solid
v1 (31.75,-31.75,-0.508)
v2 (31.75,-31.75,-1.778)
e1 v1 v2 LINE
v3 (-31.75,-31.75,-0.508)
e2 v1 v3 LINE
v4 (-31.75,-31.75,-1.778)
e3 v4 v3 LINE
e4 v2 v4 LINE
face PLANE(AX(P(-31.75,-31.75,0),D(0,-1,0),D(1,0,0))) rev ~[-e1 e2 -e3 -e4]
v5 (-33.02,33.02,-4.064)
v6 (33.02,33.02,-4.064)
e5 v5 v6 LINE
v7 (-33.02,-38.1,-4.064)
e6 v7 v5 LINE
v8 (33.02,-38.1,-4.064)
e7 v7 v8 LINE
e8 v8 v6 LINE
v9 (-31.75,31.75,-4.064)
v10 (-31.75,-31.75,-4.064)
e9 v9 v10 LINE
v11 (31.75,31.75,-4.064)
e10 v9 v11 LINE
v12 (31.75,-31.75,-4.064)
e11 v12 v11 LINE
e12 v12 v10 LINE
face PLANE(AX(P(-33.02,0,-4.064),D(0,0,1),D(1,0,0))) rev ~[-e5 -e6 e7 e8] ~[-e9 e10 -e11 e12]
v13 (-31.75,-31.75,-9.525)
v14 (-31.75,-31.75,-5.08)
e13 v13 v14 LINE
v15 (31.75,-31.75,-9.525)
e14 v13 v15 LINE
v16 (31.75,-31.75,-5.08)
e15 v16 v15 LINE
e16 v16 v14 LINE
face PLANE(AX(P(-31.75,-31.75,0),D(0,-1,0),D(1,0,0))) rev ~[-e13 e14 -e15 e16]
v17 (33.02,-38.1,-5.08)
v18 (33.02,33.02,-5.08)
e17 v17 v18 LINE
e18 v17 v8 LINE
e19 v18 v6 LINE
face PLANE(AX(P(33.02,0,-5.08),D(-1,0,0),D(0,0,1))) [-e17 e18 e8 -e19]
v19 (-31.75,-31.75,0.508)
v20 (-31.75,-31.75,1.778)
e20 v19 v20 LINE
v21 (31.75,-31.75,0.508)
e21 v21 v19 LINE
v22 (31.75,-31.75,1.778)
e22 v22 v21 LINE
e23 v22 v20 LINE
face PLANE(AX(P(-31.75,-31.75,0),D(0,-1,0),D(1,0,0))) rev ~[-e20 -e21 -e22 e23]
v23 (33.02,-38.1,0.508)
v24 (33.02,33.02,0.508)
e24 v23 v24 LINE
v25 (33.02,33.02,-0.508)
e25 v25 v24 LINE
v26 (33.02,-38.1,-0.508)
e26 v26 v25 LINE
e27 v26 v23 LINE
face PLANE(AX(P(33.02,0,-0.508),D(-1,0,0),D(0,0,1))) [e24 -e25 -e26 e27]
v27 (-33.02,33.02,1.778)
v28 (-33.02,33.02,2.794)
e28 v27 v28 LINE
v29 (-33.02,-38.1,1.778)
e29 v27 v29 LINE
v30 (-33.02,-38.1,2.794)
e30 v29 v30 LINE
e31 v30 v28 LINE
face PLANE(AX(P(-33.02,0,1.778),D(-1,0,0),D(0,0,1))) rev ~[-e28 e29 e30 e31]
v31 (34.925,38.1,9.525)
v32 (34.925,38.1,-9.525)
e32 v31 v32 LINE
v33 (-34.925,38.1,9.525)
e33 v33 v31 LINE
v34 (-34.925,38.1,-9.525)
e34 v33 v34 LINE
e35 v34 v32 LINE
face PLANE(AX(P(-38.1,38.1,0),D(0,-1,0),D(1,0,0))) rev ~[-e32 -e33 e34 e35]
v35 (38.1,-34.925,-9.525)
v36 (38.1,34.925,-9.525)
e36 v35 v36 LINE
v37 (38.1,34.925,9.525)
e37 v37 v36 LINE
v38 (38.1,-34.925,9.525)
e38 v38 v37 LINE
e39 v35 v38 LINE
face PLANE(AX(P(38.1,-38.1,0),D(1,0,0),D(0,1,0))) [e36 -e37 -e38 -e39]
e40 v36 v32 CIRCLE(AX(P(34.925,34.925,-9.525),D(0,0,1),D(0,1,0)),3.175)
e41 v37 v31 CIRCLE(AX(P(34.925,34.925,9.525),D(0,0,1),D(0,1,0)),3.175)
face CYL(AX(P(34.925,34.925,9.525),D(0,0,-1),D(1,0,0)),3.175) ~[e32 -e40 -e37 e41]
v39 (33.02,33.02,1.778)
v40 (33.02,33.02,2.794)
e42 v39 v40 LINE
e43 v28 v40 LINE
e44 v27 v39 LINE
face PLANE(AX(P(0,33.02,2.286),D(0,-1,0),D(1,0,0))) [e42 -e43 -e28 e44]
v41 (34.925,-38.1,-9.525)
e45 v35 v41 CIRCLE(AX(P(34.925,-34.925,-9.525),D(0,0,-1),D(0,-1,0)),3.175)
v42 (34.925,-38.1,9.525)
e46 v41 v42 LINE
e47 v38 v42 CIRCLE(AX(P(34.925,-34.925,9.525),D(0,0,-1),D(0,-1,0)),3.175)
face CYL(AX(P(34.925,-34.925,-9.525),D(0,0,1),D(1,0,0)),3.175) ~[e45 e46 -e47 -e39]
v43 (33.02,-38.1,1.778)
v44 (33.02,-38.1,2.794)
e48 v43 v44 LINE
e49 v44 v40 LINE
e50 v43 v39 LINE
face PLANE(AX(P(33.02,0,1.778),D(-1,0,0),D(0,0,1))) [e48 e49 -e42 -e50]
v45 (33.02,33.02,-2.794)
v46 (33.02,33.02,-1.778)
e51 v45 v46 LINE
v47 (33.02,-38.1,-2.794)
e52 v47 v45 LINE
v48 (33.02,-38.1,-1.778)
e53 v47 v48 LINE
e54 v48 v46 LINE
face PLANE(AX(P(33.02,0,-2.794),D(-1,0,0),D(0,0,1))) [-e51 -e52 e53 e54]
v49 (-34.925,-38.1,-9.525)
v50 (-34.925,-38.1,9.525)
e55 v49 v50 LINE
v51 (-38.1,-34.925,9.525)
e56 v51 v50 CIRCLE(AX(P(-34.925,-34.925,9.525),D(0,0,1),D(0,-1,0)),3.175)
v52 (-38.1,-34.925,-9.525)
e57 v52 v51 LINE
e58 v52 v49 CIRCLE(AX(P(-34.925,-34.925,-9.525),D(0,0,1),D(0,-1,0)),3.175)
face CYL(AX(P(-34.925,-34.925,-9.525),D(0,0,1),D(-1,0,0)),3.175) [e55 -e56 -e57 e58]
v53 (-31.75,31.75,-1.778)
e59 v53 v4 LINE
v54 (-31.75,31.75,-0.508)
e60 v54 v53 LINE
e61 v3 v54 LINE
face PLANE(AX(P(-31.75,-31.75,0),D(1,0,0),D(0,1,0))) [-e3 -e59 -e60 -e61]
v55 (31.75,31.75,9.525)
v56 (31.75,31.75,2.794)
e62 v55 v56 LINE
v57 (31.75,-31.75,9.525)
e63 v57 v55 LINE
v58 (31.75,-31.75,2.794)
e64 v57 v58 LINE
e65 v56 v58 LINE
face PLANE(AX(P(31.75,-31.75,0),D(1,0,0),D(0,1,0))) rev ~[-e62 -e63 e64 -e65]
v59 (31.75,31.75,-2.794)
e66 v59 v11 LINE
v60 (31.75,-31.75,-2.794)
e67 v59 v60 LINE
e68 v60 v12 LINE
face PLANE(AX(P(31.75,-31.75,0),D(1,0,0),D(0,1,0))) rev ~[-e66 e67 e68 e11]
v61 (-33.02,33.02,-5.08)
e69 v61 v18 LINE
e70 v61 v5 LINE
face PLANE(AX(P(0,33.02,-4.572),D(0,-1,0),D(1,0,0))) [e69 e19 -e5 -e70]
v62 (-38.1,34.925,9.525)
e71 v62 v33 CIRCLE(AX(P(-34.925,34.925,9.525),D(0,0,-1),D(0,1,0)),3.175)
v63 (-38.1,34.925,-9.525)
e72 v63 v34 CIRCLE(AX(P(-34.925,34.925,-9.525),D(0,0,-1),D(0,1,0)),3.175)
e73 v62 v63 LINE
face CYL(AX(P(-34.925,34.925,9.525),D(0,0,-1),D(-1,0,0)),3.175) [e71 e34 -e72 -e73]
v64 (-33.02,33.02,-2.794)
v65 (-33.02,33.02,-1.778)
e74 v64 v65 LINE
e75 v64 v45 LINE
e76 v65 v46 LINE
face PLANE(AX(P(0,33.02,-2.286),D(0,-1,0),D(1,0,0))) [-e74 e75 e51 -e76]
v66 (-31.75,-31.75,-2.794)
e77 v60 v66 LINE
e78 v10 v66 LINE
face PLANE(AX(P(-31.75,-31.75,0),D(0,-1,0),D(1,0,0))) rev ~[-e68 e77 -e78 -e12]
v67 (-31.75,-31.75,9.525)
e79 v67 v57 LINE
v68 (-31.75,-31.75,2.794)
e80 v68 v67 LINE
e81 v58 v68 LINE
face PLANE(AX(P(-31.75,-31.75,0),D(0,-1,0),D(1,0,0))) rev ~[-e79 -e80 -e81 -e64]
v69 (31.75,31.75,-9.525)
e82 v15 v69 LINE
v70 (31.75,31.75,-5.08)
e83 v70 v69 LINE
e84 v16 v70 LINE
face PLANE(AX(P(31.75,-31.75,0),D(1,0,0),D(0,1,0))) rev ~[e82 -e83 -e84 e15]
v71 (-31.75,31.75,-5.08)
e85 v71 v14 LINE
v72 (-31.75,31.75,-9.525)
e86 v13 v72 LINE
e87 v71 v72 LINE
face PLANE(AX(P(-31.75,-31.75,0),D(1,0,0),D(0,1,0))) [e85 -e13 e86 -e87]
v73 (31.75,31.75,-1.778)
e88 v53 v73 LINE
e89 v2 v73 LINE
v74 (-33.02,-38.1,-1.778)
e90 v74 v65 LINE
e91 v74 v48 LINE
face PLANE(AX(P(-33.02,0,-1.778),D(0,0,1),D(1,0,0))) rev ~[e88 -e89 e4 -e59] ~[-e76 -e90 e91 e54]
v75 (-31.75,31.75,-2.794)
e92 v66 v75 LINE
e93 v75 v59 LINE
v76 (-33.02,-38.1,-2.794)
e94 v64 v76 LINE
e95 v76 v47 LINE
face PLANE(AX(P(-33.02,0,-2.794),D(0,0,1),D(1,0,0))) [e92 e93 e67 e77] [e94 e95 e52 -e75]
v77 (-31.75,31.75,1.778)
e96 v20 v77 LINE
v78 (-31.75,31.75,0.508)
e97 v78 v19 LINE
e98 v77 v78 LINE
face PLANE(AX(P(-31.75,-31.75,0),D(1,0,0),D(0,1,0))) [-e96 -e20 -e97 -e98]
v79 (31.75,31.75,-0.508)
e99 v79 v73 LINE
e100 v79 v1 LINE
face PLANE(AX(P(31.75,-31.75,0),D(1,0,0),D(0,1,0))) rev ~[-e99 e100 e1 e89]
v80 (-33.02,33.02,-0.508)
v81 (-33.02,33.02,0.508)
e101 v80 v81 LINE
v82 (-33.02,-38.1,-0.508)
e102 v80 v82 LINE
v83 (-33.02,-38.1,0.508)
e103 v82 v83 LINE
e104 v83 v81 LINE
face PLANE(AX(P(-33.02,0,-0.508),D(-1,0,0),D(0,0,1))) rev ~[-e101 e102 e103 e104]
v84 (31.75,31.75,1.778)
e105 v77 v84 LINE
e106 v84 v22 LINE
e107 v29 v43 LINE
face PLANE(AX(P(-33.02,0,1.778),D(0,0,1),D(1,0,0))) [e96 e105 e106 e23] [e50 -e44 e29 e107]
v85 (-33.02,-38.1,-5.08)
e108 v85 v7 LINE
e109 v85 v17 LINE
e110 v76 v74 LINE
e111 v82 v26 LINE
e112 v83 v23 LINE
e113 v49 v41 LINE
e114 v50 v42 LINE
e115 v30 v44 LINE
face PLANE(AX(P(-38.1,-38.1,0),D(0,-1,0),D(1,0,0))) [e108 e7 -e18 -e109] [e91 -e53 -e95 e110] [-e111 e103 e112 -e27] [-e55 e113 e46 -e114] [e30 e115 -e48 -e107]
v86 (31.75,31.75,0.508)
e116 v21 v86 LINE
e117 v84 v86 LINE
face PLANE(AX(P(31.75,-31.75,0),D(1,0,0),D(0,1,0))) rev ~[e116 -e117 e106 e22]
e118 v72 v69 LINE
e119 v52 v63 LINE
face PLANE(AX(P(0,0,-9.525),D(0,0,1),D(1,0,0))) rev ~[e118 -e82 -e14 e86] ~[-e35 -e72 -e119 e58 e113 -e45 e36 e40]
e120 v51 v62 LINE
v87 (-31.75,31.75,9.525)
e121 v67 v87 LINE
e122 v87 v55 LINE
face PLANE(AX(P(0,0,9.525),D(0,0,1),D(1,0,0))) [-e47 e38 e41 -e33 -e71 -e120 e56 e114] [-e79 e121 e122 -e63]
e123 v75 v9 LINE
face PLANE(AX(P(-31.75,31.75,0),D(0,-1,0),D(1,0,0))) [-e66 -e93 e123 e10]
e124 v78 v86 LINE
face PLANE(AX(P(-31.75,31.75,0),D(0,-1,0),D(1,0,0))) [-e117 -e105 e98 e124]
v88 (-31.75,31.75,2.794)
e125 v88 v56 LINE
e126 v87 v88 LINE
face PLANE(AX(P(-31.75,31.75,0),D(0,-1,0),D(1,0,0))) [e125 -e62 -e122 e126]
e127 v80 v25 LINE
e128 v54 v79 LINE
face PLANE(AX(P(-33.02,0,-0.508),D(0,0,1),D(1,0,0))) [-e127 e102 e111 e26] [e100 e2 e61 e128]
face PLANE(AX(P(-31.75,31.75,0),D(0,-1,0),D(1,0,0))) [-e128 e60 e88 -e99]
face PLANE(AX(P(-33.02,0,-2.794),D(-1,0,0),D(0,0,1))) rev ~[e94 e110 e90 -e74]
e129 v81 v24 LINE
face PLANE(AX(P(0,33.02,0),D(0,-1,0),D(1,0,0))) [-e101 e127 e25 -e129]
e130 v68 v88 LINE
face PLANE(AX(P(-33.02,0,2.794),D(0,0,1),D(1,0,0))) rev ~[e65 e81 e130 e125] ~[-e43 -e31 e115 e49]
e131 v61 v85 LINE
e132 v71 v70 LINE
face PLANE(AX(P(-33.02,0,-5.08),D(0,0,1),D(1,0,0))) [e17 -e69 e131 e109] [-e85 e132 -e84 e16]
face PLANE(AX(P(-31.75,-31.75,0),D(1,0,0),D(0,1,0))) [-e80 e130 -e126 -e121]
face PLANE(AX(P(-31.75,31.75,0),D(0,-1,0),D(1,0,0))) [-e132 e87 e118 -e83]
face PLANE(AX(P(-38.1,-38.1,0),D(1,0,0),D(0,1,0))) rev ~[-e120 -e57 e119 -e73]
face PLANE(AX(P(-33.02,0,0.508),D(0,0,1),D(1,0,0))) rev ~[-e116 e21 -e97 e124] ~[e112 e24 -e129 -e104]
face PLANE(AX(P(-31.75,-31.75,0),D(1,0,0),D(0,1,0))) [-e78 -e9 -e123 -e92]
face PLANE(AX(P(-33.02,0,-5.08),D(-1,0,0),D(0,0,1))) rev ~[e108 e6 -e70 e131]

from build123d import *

# Parameters (mm, degrees)
F0_W     = 76.2
F0_H     = 76.2
F0_W_2   = 63.5
F0_H_2   = 63.5
F1_DEPTH = 9.525
F2_W     = 66.04
F2_H     = 1.016
F3_DEPTH = 38.1
F4_DEPTH = 31.75
F5_R     = 3.175
F6_DEPTH = 33.02


with BuildPart() as f1:
    # F0 (on Top) → F1 (new body, symmetric)
    with BuildSketch(Plane.XY):
        Rectangle(F0_W, F0_H)
        Rectangle(F0_W_2, F0_H_2, mode=Mode.SUBTRACT)
    extrude(amount=F1_DEPTH, both=True)

    # F2 (on Front) → F3 (cut, through all)
    with BuildSketch(Plane.XZ):
        Rectangle(F2_W, F2_H)
        with Locations((0, 2.286)):
            Rectangle(F2_W, F2_H)
        with Locations((0, -2.286)):
            Rectangle(F2_W, F2_H)
        with Locations((0, -4.572)):
            Rectangle(F2_W, F2_H)
    extrude(amount=F3_DEPTH, mode=Mode.SUBTRACT)

    # F2 (on Front) → F4 (cut)
    with BuildSketch(Plane.XZ):
        Rectangle(F2_W, F2_H)
        with Locations((0, 2.286)):
            Rectangle(F2_W, F2_H)
        with Locations((0, -2.286)):
            Rectangle(F2_W, F2_H)
        with Locations((0, -4.572)):
            Rectangle(F2_W, F2_H)
    extrude(amount=-F4_DEPTH, mode=Mode.SUBTRACT)

    # F5
    f5_edges = [f1.edges().sort_by_distance(p)[0] for p in [
        (-38.1, -38.1, 0),
        (38.1, -38.1, 0),
        (38.1, 38.1, 0),
        (-38.1, 38.1, 0),
    ]]
    fillet(f5_edges, radius=F5_R)

    # F2 (on Front) → F6 (cut)
    with BuildSketch(Plane.XZ):
        Rectangle(F2_W, F2_H)
        with Locations((0, 2.286)):
            Rectangle(F2_W, F2_H)
        with Locations((0, -2.286)):
            Rectangle(F2_W, F2_H)
        with Locations((0, -4.572)):
            Rectangle(F2_W, F2_H)
    extrude(amount=-F6_DEPTH, mode=Mode.SUBTRACT)


solid = f1.part
